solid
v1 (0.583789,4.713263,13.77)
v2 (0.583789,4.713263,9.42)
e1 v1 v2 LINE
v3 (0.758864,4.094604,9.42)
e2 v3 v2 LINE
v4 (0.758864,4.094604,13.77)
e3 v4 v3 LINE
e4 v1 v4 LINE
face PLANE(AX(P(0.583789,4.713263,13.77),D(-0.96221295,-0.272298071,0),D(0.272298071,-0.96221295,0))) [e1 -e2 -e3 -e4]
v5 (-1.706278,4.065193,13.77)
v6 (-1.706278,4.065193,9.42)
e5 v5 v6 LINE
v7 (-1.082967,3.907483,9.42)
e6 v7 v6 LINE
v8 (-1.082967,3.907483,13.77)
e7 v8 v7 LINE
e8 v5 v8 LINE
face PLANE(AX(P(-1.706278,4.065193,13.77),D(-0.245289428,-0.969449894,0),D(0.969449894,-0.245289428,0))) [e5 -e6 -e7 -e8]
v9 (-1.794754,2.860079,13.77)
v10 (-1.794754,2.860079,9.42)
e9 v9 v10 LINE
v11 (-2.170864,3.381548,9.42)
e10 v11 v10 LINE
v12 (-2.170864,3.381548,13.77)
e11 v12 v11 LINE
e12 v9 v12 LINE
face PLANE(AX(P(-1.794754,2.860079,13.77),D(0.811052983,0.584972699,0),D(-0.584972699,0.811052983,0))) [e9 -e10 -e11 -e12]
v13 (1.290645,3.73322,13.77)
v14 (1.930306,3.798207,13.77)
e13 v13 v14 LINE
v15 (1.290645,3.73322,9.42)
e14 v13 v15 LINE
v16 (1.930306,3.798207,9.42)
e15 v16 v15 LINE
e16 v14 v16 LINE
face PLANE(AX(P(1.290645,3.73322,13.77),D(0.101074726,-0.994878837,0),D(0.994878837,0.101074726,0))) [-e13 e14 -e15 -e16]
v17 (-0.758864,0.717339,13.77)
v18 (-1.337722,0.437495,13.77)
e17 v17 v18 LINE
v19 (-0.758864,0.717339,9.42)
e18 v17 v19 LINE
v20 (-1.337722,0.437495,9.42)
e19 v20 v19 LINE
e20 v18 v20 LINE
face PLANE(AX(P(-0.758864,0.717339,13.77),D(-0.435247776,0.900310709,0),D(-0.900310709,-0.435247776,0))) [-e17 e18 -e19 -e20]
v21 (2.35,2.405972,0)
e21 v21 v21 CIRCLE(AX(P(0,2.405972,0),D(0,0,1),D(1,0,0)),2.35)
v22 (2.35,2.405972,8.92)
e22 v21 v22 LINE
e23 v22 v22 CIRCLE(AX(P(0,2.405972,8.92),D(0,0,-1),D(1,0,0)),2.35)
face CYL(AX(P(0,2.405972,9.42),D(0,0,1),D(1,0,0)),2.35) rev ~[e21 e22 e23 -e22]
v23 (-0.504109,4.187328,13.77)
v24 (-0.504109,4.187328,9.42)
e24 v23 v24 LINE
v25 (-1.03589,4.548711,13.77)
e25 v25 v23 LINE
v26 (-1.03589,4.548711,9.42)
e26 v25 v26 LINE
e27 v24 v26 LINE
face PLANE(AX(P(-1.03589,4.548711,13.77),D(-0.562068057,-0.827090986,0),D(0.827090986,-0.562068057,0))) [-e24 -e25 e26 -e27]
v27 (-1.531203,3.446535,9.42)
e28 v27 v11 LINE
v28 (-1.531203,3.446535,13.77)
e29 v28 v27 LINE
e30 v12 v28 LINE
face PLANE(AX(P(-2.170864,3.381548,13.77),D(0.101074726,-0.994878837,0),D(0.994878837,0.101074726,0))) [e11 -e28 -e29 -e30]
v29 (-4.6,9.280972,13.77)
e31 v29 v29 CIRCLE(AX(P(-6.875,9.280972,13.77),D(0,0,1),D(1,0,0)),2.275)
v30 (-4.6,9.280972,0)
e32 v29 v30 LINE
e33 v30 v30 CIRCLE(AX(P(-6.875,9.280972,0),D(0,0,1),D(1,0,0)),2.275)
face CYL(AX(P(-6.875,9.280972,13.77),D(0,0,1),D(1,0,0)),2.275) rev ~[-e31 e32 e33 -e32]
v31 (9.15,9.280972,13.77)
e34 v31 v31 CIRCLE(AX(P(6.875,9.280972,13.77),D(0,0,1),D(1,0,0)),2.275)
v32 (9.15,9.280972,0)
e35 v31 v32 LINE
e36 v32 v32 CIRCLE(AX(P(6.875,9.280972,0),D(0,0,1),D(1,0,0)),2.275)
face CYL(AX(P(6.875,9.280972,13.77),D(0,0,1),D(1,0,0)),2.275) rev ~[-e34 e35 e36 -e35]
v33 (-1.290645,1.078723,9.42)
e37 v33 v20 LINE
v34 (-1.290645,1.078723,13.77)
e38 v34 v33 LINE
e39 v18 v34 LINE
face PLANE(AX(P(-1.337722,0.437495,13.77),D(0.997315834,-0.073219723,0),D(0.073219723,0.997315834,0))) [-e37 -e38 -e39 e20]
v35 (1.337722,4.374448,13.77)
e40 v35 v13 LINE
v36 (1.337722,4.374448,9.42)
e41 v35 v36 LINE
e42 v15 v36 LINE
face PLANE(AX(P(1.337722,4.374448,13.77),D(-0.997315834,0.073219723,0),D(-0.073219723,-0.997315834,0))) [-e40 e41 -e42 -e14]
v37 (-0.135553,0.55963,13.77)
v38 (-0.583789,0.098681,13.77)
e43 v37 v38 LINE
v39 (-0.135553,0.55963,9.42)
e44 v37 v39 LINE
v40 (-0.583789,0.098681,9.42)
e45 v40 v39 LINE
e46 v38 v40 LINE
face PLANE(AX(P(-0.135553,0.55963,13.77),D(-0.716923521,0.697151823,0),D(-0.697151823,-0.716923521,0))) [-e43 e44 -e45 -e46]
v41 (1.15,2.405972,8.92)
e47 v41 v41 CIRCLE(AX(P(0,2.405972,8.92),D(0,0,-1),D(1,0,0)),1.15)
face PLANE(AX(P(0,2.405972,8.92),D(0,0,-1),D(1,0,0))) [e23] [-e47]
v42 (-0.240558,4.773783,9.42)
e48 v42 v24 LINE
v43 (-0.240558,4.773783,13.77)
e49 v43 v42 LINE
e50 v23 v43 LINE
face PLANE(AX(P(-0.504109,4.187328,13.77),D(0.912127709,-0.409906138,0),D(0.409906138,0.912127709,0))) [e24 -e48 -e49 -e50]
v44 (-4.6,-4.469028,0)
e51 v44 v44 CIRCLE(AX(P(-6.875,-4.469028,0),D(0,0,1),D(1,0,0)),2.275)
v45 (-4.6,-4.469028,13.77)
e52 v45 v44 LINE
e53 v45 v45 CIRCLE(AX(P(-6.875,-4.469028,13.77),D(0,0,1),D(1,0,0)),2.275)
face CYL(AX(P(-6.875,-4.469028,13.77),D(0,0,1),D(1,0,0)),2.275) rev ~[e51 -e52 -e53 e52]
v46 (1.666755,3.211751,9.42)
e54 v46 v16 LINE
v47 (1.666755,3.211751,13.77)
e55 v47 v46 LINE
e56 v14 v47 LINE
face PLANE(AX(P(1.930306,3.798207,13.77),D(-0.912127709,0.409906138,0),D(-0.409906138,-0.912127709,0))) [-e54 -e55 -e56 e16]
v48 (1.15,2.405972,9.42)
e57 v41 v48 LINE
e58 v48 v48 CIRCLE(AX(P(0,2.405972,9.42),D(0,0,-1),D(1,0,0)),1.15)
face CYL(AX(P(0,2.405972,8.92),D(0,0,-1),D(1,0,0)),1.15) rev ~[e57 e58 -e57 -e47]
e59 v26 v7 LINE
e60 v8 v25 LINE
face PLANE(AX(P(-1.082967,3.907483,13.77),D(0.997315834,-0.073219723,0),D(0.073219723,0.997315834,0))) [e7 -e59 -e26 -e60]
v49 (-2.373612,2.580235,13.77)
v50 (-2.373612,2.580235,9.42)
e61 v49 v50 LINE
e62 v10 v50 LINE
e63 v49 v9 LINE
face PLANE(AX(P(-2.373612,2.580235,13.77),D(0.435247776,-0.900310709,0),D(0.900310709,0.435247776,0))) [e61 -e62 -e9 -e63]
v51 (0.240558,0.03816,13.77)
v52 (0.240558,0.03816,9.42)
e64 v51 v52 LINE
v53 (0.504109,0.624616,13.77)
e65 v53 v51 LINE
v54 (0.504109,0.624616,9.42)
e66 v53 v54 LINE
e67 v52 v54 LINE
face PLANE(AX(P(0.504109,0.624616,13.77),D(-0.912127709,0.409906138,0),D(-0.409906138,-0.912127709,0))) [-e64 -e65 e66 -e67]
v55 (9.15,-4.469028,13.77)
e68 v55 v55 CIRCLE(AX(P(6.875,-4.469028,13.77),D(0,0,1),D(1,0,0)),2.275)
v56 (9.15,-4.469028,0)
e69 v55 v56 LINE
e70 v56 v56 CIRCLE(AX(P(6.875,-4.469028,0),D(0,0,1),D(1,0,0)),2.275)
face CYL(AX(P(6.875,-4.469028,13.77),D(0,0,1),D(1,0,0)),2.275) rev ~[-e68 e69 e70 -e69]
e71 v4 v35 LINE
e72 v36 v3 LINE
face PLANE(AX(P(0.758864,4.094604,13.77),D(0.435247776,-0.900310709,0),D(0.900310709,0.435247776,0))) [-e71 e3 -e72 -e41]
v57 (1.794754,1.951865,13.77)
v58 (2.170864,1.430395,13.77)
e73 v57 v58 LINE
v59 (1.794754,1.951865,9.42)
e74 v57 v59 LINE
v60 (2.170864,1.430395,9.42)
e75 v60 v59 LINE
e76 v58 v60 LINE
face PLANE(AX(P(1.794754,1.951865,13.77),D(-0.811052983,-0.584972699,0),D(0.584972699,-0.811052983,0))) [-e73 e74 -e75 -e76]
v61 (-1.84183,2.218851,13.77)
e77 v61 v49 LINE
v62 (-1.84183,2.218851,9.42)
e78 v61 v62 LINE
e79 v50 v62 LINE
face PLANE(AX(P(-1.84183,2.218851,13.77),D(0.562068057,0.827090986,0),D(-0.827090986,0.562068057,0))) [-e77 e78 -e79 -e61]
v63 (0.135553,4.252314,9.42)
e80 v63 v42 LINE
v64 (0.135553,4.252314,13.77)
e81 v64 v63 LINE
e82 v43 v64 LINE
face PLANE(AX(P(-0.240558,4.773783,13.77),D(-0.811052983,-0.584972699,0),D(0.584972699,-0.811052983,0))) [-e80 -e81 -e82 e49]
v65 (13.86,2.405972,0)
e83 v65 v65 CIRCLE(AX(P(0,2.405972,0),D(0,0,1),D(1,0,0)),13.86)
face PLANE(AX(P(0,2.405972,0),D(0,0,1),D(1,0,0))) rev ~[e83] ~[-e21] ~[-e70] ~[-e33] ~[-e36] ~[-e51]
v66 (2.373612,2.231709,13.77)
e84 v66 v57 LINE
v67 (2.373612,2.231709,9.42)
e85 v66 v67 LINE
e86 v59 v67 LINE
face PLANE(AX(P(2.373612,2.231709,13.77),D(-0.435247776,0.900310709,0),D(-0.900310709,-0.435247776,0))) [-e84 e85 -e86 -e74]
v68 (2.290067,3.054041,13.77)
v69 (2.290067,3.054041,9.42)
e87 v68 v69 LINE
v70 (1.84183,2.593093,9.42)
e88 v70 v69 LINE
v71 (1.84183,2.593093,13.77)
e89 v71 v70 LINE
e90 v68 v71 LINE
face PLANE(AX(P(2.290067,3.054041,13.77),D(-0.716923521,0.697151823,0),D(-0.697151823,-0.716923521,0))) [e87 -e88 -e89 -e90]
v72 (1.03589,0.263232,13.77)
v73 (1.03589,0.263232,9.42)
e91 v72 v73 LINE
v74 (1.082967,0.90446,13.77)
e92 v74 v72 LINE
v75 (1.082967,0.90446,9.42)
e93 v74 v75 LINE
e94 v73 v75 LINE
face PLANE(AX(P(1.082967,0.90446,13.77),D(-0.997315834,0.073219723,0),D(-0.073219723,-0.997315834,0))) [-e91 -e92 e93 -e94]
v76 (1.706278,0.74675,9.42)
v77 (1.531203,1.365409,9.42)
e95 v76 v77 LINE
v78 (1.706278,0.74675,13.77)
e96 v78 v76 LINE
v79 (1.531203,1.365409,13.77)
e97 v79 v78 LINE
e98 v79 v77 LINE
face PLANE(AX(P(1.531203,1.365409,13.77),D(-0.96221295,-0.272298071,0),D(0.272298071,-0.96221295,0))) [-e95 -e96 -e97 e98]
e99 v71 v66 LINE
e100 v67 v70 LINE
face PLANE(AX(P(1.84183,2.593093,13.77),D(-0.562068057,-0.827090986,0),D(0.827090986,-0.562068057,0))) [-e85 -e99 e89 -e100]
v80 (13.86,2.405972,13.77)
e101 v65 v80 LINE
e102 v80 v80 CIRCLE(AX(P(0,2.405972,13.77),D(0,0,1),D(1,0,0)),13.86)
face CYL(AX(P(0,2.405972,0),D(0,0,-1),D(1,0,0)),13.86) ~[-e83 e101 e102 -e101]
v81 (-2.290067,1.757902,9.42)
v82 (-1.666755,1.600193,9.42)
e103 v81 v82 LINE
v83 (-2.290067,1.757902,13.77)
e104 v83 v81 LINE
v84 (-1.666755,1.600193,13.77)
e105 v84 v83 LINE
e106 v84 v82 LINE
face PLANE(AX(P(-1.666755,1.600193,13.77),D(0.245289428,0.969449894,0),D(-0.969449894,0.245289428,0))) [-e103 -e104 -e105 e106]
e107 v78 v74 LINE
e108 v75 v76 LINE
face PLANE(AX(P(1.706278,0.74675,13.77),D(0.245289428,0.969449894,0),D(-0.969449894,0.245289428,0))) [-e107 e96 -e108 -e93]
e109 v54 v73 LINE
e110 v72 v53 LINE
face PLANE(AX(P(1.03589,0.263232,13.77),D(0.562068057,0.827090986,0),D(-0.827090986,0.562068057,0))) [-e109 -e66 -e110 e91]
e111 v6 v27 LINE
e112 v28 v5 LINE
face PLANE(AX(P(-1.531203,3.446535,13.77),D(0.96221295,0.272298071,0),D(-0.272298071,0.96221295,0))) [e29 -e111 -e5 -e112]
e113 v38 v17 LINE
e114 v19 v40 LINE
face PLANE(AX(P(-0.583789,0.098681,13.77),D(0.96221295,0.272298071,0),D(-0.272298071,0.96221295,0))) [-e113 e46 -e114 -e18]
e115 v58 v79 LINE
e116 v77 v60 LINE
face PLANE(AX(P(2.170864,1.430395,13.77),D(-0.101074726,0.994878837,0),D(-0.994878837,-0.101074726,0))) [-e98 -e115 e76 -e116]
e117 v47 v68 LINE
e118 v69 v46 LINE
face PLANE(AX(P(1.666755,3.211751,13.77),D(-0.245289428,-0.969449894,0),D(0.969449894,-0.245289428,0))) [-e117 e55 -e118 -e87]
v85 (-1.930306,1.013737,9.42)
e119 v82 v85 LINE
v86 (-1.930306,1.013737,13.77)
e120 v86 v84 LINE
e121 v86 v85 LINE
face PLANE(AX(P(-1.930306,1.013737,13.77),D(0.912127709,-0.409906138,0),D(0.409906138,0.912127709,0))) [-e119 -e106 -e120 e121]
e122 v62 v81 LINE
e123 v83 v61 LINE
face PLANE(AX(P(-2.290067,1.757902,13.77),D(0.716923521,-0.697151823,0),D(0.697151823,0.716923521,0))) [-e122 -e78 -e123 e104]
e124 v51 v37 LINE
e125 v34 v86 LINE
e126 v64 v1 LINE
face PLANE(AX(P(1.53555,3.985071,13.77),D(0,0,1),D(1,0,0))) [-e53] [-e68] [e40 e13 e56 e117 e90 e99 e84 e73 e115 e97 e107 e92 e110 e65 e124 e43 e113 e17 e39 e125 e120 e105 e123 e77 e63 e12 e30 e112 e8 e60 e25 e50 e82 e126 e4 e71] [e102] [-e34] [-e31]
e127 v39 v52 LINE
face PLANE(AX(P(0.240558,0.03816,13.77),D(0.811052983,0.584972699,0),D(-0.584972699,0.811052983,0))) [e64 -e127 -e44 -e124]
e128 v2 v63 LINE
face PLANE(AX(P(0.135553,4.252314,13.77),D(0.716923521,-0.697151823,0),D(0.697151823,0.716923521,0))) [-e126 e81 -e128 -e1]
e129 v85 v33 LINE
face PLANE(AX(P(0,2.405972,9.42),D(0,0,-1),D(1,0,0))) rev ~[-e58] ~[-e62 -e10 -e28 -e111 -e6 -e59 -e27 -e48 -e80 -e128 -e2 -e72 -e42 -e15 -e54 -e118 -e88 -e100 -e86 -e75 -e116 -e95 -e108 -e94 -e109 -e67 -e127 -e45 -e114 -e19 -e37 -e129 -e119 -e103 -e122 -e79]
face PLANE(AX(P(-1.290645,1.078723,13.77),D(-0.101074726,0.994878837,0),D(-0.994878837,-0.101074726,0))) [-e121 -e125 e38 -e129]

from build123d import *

# Parameters (mm, degrees)
F0_R      = 13.86
F1_DEPTH  = 13.77
F2_R      = 2.35
F2_R_2    = 2.275
F3_DEPTH  = 25
F4_R      = 2.35
F5_DEPTH  = 6.9
F7_R      = 2.38
F8_DEPTH  = 4.35
F9_DEPTH  = 5
F10_R     = 1.15
F11_DEPTH = 25
F12_R     = 2.35
F13_DEPTH = 25
F14_R     = 2.35
F15_DEPTH = 0.5
F16_R     = 1.15
F17_DEPTH = 25


with BuildPart() as f1:
    # F0 (on Top) → F1 (new body)
    with BuildSketch(Plane.XY):
        with Locations((0, 2.4059718373)):
            Circle(F0_R)
    extrude(amount=F1_DEPTH)

    # F2 (on face) → F3 (cut)
    with BuildSketch(Plane.XY.offset(13.77)):
        with Locations((0, 2.4059718373)):
            Circle(F2_R)
        with Locations((6.875, 9.2809718373)):
            Circle(F2_R_2)
        with Locations((-6.875, 9.2809718373)):
            Circle(F2_R_2)
        with Locations((-6.875, -4.4690281627)):
            Circle(F2_R_2)
        with Locations((6.875, -4.4690281627)):
            Circle(F2_R_2)
    extrude(amount=-F3_DEPTH, mode=Mode.SUBTRACT)

    # F4 (on face) → F5 (join)
    with BuildSketch(Plane.XY.offset(13.77)):
        with Locations((0, 2.4059718373)):
            Circle(F4_R)
    extrude(amount=-F5_DEPTH)

    # F7 (on face) → F8 (cut)
    with BuildSketch(Plane.XY.offset(13.77)):
        with Locations((0, 2.4059718373)):
            Circle(F7_R)
    extrude(amount=-F8_DEPTH, mode=Mode.SUBTRACT)

    # F6 (on face) → F9 (join)
    with BuildSketch(Plane.XY.offset(13.77)):
        with BuildLine():
            Line((1.2906450855, 3.7332204924), (1.9303061005, 3.7982068599))
            ThreePointArc((1.9303061005, 3.7982068599), (1.6592213389, 4.1122498183), (1.3377219765, 4.3744483836))
            Line((1.3377219765, 4.3744483836), (1.2906450855, 3.7332204924))
        make_face()
        with BuildLine():
            Line((1.6667554382, 3.2117509874), (2.2900668205, 3.0540412453))
            ThreePointArc((2.2900668205, 3.0540412453), (2.142739488, 3.4418615449), (1.9303061005, 3.7982068599))
            Line((1.9303061005, 3.7982068599), (1.6667554382, 3.2117509874))
        make_face()
        with BuildLine():
            ThreePointArc((2.3736116842, 2.2317088956), (2.3784023848, 2.3187818387), (2.38, 2.4059718373))
            ThreePointArc((2.38, 2.4059718373), (2.3574094927, 2.7331116906), (2.2900668205, 3.0540412453))
            Line((2.2900668205, 3.0540412453), (1.8418304863, 2.5930926248))
            Line((1.8418304863, 2.5930926248), (2.3736116842, 2.2317088956))
        make_face()
        with BuildLine():
            ThreePointArc((2.1708639479, 1.4303952285), (2.3072907469, 1.8221829978), (2.3736116842, 2.2317088956))
            Line((2.3736116842, 2.2317088956), (1.7947535953, 1.9518647336))
            Line((1.7947535953, 1.9518647336), (2.1708639479, 1.4303952285))
        make_face()
        with BuildLine():
            ThreePointArc((1.706277981, 0.7467504984), (1.9684765464, 1.0682498608), (2.1708639479, 1.4303952285))
            Line((2.1708639479, 1.4303952285), (1.5312029329, 1.365408861))
            Line((1.5312029329, 1.365408861), (1.706277981, 0.7467504984))
        make_face()
        with BuildLine():
            ThreePointArc((1.0358897076, 0.2632323492), (1.3922350227, 0.4756657368), (1.706277981, 0.7467504984))
            Line((1.706277981, 0.7467504984), (1.0829665987, 0.9044602404))
            Line((1.0829665987, 0.9044602404), (1.0358897076, 0.2632323492))
        make_face()
        with BuildLine():
            ThreePointArc((0.2405578474, 0.0381602058), (0.648069408, 0.1159050168), (1.0358897076, 0.2632323492))
            Line((1.0358897076, 0.2632323492), (0.5041085098, 0.6246160784))
            Line((0.5041085098, 0.6246160784), (0.2405578474, 0.0381602058))
        make_face()
        with BuildLine():
            ThreePointArc((-0.5837888395, 0.0986810903), (-0.1742629417, 0.0323601531), (0.2405578474, 0.0381602058))
            Line((0.2405578474, 0.0381602058), (-0.1355525053, 0.5596297109))
            Line((-0.1355525053, 0.5596297109), (-0.5837888395, 0.0986810903))
        make_face()
        with BuildLine():
            ThreePointArc((-1.3377219765, 0.4374952909), (-0.9755766088, 0.2351078894), (-0.5837888395, 0.0986810903))
            Line((-0.5837888395, 0.0986810903), (-0.7588638876, 0.717339453))
            Line((-0.7588638876, 0.717339453), (-1.3377219765, 0.4374952909))
        make_face()
        with BuildLine():
            ThreePointArc((-1.9303061005, 1.0137368146), (-1.6592213389, 0.6996938563), (-1.3377219765, 0.4374952909))
            Line((-1.3377219765, 0.4374952909), (-1.2906450855, 1.0787231821))
            Line((-1.2906450855, 1.0787231821), (-1.9303061005, 1.0137368146))
        make_face()
        with BuildLine():
            ThreePointArc((-2.2900668205, 1.7579024293), (-2.142739488, 1.3700821296), (-1.9303061005, 1.0137368146))
            Line((-1.9303061005, 1.0137368146), (-1.6667554382, 1.6001926872))
            Line((-1.6667554382, 1.6001926872), (-2.2900668205, 1.7579024293))
        make_face()
        with BuildLine():
            Line((-1.8418304863, 2.2188510498), (-2.3736116842, 2.580234779))
            ThreePointArc((-2.3736116842, 2.580234779), (-2.3678116315, 2.1654139899), (-2.2900668205, 1.7579024293))
            Line((-2.2900668205, 1.7579024293), (-1.8418304863, 2.2188510498))
        make_face()
        with BuildLine():
            Line((-1.7947535953, 2.860078941), (-2.1708639479, 3.3815484461))
            ThreePointArc((-2.1708639479, 3.3815484461), (-2.3072907469, 2.9897606768), (-2.3736116842, 2.580234779))
            Line((-2.3736116842, 2.580234779), (-1.7947535953, 2.860078941))
        make_face()
        with BuildLine():
            Line((-1.5312029329, 3.4465348136), (-1.706277981, 4.0651931762))
            ThreePointArc((-1.706277981, 4.0651931762), (-1.9684765464, 3.7436938138), (-2.1708639479, 3.3815484461))
            Line((-2.1708639479, 3.3815484461), (-1.5312029329, 3.4465348136))
        make_face()
        with BuildLine():
            Line((-1.0829665987, 3.9074834341), (-1.0358897076, 4.5487113253))
            ThreePointArc((-1.0358897076, 4.5487113253), (-1.3922350227, 4.3362779378), (-1.706277981, 4.0651931762))
            Line((-1.706277981, 4.0651931762), (-1.0829665987, 3.9074834341))
        make_face()
        with BuildLine():
            Line((-0.5041085098, 4.1873275962), (-0.2405578474, 4.7737834687))
            ThreePointArc((-0.2405578474, 4.7737834687), (-0.648069408, 4.6960386578), (-1.0358897076, 4.5487113253))
            Line((-1.0358897076, 4.5487113253), (-0.5041085098, 4.1873275962))
        make_face()
        with BuildLine():
            Line((0.1355525053, 4.2523139637), (0.5837888395, 4.7132625842))
            ThreePointArc((0.5837888395, 4.7132625842), (0.1742629417, 4.7795835214), (-0.2405578474, 4.7737834687))
            Line((-0.2405578474, 4.7737834687), (0.1355525053, 4.2523139637))
        make_face()
        with BuildLine():
            Line((0.7588638876, 4.0946042216), (1.3377219765, 4.3744483836))
            ThreePointArc((1.3377219765, 4.3744483836), (0.9755766088, 4.5768357852), (0.5837888395, 4.7132625842))
            Line((0.5837888395, 4.7132625842), (0.7588638876, 4.0946042216))
        make_face()
    extrude(amount=-F9_DEPTH)

    # F10 (on face) → F11 (cut)
    with BuildSketch(Plane(origin=(0, 0, 6.87), x_dir=(1, 0, 0), z_dir=(0, 0, -1))):
        with Locations((0, -2.4059718373)):
            Circle(F10_R)
    extrude(amount=-F11_DEPTH, mode=Mode.SUBTRACT)

    # F12 (on face) → F13 (cut)
    with BuildSketch(Plane.XY.offset(9.42)):
        with Locations((0, 2.4059718373)):
            Circle(F12_R)
    extrude(amount=-F13_DEPTH, mode=Mode.SUBTRACT)

    # F14 (on face) → F15 (join)
    with BuildSketch(Plane(origin=(0, 0, 9.42), x_dir=(1, 0, 0), z_dir=(0, 0, -1))):
        with Locations((0, -2.4059718373)):
            Circle(F14_R)
    extrude(amount=F15_DEPTH)

    # F16 (on face) → F17 (cut)
    with BuildSketch(Plane(origin=(0, 0, 8.92), x_dir=(1, 0, 0), z_dir=(0, 0, -1))):
        with Locations((0, -2.4059718373)):
            Circle(F16_R)
    extrude(amount=-F17_DEPTH, mode=Mode.SUBTRACT)


solid = f1.part
